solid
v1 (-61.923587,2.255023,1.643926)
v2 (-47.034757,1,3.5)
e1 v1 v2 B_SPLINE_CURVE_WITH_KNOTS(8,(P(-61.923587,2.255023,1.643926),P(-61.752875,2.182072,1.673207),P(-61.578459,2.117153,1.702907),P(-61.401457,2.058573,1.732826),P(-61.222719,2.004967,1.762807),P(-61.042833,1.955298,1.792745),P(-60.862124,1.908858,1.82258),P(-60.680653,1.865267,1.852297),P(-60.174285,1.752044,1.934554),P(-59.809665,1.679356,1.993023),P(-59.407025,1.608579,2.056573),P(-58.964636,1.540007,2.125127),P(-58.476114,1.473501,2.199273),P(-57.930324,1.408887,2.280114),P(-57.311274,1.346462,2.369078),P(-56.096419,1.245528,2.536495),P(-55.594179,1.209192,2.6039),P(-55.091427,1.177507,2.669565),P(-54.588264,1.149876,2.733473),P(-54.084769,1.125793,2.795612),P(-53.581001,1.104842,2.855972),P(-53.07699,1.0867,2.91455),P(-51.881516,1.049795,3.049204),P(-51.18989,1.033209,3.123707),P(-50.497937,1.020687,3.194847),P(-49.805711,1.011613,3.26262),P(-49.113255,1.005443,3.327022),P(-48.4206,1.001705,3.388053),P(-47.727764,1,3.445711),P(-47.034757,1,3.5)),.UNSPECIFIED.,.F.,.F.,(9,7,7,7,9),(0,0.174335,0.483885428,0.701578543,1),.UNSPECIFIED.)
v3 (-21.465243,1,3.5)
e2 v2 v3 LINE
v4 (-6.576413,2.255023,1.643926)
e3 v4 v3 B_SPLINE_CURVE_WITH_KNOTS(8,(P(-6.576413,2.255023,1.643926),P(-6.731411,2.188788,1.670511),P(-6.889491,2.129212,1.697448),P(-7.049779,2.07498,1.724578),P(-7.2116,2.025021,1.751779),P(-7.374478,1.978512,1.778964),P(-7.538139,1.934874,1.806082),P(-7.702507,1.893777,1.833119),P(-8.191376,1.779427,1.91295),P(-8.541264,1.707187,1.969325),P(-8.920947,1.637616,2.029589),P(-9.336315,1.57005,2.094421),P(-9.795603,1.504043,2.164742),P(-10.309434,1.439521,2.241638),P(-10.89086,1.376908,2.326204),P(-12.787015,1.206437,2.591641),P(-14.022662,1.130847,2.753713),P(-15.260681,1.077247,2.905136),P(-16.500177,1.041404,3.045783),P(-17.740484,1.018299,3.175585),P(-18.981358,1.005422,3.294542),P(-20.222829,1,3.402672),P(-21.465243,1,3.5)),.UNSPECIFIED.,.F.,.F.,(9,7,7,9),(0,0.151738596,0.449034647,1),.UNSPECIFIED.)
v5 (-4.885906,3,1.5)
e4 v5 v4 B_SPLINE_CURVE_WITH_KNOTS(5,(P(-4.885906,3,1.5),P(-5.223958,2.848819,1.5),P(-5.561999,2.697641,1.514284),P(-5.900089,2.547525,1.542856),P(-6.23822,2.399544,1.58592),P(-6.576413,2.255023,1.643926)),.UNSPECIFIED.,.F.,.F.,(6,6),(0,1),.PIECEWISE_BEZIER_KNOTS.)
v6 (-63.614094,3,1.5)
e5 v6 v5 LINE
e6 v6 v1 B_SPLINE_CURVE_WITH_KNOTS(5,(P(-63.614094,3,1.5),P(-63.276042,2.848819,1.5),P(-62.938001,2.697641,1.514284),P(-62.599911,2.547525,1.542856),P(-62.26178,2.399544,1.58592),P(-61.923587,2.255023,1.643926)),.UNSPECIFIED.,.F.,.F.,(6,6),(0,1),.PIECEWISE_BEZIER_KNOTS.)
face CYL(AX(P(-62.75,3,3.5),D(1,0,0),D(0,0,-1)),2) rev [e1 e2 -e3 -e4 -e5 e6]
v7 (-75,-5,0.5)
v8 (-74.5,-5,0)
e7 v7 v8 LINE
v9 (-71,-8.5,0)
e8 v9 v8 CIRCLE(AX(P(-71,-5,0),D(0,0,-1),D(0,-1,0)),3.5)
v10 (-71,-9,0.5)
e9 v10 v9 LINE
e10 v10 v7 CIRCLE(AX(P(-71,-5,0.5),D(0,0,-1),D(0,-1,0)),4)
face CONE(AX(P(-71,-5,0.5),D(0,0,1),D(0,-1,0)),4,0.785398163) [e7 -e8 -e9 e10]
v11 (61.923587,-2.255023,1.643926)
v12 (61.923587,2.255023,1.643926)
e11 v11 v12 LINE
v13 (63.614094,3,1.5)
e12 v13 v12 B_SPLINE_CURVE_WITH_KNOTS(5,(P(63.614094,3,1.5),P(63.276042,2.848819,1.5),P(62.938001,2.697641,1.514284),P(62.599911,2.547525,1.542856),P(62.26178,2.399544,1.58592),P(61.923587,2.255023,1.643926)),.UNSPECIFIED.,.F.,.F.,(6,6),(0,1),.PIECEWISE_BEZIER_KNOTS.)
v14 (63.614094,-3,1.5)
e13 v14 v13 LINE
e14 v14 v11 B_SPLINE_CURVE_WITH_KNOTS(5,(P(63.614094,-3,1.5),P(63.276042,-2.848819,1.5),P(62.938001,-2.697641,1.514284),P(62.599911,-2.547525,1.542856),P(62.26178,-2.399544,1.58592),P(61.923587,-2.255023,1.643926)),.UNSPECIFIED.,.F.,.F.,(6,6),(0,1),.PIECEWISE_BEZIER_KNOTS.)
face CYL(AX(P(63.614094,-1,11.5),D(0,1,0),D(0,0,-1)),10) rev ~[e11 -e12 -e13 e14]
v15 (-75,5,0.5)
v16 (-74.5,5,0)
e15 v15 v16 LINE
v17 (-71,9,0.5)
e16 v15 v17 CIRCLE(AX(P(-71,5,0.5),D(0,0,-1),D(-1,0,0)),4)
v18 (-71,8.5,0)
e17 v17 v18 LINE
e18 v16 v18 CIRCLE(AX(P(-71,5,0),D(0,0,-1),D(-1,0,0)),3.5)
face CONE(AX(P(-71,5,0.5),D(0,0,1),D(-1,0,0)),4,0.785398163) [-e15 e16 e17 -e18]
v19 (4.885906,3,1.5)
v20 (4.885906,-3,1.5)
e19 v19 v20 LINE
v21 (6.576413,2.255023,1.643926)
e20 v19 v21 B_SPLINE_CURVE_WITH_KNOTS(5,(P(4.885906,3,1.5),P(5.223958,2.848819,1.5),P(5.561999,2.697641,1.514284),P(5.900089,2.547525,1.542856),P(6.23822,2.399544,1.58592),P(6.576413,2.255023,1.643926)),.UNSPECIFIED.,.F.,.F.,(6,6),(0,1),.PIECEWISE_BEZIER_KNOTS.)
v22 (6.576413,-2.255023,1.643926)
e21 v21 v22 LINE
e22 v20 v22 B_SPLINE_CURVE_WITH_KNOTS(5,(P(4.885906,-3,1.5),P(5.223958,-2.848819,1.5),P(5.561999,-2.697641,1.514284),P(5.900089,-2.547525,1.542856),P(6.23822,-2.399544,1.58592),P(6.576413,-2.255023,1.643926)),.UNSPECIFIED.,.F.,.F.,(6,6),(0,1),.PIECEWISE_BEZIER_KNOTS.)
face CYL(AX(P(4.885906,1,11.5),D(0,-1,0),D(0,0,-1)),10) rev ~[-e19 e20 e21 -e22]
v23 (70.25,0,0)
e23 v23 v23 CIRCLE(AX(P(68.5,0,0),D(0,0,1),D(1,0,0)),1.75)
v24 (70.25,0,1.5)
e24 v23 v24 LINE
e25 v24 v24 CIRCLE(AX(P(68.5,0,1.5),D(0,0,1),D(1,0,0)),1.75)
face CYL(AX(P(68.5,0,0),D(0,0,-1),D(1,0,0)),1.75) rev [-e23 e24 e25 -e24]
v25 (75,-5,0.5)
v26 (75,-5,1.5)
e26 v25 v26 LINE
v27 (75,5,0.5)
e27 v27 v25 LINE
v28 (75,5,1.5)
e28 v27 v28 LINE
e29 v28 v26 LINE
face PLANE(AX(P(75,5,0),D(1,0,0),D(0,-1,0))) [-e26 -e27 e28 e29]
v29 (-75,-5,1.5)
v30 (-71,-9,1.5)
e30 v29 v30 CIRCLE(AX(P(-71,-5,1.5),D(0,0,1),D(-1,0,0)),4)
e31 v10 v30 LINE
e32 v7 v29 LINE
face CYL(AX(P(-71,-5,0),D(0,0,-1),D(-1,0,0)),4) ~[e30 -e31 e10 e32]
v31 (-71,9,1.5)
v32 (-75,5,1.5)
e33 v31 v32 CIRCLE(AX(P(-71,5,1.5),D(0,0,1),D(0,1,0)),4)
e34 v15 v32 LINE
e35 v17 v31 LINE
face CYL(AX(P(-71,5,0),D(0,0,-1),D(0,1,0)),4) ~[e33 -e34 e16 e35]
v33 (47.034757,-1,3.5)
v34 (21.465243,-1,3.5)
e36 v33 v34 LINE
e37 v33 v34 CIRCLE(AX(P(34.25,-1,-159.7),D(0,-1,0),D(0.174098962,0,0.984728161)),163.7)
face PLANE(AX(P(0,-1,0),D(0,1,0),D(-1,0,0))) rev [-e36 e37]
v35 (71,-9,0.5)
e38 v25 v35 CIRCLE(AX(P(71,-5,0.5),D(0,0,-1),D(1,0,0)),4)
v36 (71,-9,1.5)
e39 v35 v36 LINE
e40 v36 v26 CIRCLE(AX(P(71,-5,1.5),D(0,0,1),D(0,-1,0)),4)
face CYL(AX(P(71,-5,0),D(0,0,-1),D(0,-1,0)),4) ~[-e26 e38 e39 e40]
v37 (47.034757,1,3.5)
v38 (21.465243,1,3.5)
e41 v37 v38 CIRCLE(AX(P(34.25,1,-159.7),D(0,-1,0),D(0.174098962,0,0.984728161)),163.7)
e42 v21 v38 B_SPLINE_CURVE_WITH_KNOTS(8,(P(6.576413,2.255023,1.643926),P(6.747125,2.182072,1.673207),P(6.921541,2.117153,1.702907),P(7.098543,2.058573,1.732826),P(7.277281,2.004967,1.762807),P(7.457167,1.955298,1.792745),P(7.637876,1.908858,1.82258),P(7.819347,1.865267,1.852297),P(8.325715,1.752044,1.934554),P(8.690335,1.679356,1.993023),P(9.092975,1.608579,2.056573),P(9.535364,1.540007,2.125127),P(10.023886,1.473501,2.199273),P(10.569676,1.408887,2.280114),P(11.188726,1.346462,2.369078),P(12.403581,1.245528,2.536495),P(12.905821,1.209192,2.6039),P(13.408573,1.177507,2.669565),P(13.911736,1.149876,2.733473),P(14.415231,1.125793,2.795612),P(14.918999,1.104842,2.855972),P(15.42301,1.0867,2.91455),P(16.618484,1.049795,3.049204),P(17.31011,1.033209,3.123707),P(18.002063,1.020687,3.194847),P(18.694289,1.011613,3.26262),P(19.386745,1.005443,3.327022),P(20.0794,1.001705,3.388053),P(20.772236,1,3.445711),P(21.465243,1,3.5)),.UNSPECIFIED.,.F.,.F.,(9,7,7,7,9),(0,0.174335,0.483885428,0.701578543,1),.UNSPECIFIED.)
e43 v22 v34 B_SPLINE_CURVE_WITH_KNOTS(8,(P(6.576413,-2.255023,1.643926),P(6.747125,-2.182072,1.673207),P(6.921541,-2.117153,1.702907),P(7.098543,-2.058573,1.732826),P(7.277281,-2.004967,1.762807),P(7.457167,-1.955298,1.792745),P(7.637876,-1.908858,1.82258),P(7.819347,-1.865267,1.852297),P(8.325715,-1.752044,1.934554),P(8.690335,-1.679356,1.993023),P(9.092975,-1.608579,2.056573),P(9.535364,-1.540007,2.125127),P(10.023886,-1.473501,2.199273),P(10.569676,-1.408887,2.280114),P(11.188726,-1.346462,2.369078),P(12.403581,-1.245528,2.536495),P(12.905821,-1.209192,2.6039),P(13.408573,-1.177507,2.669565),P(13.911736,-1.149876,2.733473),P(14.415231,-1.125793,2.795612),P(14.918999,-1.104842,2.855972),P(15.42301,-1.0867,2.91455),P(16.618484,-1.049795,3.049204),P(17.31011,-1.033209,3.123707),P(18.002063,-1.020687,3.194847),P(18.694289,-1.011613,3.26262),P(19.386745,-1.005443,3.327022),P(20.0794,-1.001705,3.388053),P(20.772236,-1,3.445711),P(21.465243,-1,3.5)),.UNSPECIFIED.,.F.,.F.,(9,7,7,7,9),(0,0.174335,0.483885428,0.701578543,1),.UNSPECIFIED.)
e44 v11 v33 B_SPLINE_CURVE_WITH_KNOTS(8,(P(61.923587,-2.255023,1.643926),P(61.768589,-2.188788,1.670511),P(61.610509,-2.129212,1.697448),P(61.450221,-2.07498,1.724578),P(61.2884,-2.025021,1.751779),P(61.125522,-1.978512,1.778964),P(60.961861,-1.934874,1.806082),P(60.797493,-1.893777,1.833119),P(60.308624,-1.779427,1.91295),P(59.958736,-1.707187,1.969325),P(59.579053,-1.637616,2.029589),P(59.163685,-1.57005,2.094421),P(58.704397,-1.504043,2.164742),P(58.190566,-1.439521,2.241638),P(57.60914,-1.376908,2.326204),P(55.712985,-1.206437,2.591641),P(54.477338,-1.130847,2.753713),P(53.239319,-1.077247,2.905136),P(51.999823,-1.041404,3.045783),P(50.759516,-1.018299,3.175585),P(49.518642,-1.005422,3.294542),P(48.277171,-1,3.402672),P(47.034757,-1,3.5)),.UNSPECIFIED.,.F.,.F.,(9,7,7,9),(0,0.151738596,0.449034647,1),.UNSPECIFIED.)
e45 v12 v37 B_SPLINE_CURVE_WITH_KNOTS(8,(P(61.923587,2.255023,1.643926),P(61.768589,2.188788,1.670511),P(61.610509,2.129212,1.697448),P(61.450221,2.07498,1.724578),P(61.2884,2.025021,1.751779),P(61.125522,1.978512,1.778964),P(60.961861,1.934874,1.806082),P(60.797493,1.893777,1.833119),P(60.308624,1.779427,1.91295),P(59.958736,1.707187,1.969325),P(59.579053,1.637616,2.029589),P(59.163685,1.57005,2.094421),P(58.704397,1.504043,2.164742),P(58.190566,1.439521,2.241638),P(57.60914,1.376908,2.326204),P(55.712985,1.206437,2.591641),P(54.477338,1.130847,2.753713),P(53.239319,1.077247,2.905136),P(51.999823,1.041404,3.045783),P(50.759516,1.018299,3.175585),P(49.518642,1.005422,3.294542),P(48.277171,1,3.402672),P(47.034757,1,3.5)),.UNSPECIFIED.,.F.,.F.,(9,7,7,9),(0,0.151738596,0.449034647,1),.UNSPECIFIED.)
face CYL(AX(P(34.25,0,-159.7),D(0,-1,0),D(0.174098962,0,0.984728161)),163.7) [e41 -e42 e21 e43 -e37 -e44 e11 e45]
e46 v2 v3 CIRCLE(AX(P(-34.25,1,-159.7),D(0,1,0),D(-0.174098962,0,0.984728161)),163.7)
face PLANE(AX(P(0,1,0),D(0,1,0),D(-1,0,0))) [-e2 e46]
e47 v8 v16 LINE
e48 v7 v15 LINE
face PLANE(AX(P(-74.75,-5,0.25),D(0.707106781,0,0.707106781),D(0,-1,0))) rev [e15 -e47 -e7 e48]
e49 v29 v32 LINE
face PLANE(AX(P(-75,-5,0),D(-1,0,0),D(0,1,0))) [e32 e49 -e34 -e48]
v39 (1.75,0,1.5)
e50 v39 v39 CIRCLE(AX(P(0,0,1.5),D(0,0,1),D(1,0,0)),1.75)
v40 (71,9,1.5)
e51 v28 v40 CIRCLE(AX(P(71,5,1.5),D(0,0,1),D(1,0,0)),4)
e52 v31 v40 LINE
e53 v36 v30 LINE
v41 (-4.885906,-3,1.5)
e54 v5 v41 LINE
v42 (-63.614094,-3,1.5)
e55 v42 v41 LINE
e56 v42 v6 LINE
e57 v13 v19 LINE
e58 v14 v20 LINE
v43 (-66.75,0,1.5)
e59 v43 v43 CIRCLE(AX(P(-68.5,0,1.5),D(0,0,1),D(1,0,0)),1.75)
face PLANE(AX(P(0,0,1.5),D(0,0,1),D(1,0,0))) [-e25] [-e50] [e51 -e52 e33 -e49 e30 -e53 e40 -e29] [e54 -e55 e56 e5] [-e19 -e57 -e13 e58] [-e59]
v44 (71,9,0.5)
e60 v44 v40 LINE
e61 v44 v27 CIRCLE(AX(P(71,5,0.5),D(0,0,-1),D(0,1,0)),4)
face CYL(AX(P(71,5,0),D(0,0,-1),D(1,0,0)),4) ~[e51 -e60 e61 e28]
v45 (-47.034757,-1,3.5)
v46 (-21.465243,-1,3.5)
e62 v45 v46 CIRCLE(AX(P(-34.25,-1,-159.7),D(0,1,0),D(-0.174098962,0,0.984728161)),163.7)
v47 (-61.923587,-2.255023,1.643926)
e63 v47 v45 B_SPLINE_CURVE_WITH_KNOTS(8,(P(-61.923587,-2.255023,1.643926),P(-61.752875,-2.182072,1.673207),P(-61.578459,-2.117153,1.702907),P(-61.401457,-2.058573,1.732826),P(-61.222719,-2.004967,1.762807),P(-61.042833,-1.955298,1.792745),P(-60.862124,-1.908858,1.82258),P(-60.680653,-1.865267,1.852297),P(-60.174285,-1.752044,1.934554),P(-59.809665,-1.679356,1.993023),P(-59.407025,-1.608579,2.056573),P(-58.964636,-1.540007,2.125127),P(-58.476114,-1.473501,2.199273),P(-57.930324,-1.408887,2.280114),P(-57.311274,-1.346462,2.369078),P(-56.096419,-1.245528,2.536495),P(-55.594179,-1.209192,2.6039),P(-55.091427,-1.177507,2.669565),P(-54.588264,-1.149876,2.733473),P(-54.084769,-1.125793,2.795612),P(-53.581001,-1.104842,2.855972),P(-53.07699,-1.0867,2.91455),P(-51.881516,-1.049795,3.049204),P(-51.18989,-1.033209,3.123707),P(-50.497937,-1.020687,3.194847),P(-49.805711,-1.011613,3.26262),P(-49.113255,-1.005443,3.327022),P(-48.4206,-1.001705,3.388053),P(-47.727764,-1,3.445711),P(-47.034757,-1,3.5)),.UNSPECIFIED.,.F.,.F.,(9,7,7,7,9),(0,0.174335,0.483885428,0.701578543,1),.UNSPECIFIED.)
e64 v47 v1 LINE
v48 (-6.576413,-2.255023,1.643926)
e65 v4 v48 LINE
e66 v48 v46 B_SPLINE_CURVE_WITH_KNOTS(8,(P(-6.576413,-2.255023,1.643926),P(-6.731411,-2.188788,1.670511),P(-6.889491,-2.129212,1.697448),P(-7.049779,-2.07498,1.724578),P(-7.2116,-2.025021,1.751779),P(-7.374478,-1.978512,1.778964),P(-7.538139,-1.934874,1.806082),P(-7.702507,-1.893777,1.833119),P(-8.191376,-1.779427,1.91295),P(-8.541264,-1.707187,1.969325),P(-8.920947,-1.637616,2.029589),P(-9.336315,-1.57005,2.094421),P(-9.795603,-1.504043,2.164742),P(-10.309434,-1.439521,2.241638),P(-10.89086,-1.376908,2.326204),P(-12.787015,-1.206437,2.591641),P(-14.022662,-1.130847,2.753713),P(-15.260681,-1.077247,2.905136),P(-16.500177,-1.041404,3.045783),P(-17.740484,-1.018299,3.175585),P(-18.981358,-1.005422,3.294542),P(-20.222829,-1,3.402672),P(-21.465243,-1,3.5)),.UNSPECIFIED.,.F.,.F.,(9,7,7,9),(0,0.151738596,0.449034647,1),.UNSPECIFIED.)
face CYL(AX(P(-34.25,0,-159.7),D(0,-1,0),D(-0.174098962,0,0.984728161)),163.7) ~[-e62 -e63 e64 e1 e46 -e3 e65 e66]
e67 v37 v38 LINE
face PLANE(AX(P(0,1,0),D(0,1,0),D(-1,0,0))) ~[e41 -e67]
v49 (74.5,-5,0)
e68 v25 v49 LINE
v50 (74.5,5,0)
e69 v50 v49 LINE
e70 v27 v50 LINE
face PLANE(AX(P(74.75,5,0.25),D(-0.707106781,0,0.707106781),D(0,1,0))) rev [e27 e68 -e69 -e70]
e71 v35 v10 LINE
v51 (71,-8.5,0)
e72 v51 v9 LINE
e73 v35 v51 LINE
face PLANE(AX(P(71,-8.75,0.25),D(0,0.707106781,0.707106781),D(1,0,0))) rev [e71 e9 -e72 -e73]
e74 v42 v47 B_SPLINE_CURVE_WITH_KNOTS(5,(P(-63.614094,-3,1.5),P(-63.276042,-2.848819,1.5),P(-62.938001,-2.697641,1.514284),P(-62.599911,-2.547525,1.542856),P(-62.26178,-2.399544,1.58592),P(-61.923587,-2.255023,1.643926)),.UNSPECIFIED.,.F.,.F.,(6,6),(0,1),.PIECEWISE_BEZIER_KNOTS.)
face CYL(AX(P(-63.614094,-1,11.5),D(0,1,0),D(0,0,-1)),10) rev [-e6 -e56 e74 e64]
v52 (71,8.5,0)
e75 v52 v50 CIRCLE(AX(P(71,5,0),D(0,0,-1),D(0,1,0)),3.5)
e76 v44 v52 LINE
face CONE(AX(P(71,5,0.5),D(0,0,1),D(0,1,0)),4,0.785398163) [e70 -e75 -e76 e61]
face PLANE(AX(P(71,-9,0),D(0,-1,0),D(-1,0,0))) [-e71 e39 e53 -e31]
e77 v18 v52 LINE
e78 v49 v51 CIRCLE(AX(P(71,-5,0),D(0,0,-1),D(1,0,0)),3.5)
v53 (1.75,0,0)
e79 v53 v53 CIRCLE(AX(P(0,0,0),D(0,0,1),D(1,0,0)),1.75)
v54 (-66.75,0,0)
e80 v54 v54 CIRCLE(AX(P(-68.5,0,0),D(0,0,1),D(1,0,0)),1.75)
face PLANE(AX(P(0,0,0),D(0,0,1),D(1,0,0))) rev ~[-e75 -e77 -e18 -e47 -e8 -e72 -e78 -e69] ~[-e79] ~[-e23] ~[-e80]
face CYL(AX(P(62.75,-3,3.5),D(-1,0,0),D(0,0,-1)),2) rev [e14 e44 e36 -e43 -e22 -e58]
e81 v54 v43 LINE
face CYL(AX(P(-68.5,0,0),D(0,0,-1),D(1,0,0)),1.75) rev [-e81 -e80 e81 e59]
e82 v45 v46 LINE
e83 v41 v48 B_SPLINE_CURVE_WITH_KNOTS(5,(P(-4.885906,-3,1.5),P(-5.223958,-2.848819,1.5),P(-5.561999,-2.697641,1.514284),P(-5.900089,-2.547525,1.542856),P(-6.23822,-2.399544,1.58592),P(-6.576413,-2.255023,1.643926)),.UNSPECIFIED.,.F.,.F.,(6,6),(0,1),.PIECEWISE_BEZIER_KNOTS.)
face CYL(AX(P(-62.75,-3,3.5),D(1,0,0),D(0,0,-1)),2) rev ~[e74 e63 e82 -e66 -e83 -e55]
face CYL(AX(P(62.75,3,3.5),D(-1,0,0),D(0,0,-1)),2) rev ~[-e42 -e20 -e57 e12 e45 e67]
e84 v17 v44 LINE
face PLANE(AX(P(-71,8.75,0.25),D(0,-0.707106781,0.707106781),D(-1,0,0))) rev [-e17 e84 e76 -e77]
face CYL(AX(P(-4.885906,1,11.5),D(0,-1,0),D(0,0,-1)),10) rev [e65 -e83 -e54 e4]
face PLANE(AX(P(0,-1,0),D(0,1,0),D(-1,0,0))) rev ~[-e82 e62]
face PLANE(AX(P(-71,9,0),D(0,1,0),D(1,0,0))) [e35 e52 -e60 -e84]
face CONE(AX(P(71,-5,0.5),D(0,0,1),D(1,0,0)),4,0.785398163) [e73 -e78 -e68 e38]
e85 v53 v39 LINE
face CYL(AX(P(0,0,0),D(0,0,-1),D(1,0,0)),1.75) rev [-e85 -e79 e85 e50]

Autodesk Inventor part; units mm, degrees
ref_plane "YZ Plane" through (0, 0, 0) normal (1, 0, 0) x (0, 1, 0)
ref_plane "XZ Plane" through (0, 0, 0) normal (0, 1, 0) x (-1, 0, 0)
ref_plane "XY Plane" through (0, 0, 0) normal (0, 0, 1) x (1, 0, 0)
sketch "Sketch1" plane through (0, 0, 0) normal (0, 0, 1) x (1, 0, 0)
  line L0 (71, -9) -> (-71, -9)
  line L1 (-75, -5) -> (-75, 5)
  line L2 (-71, 9) -> (71, 9)
  line L3 (75, 5) -> (75, -5)
  line L4 (75, -9) -> (-75, 9) construction
  line L5 (-75, -9) -> (75, 9) construction
  arc A0 (-71, 9) -> (-75, 5) centre (-71, 5) ccw
  arc A1 (-75, -5) -> (-71, -9) centre (-71, -5) ccw
  arc A2 (75, 5) -> (71, 9) centre (71, 5) ccw
  arc A3 (71, -9) -> (75, -5) centre (71, -5) ccw
  circle A4 centre (0, 0) radius 1.75
  line L6 (-75, 0) -> (-68.5, 0) construction
  line L7 (75, 0) -> (68.5, 0) construction
  circle A5 centre (-68.5, 0) radius 1.75
  circle A6 centre (68.5, 0) radius 1.75
  dimension "d0" = 4
  dimension "d2" = 150
  dimension "d3" = 18
  dimension "d4" = 3.5
  dimension "d5" = 6.5
  dimension "d6" = 6.5
extrude "Extrusion1" add sketch "Sketch1" along normal blind 1.5
sketch "Sketch2" plane through (0, 0, 0) normal (0, 1, 0) x (-1, 0, 0)
  line L0 (71, 1.5) -> (-71, 1.5) projected
  arc A0 (62.75, 1.5) -> (5.75, 1.5) centre (34.25, -159.7) ccw
  line L1 (-1.75, 1.5) -> (1.75, 1.5) projected
  line L2 (0, 1.5) -> (0, 8.4786) construction
  line L3 (66.75, 1.5) -> (70.25, 1.5) projected
  line L4 (66.75, 1.5) -> (62.75, 1.5) construction
  line L5 (5.75, 1.5) -> (1.75, 1.5) construction
  line L6 (1.75, 1.5) -> (1.75, 0) projected
  line L7 (46.1417, 4) -> (24.4242, 4) construction
  point P0 (0, 0)
  dimension "d9" = 4
  dimension "d10" = 2.5
extrude "Extrusion2" add sketch "Sketch2" along normal mid plane 2
fillet "Fillet1" radius 2 2 edges at (-34.25, -1, 1.5) (-34.25, 1, 1.5)
fillet "Fillet1" radius 10 2 edges at (-62.75, 0, 1.5) (-5.75, 0, 1.5)
mirror "Mirror1" about plane through (0, 0, 0) normal (1, 0, 0) of "Extrusion2", "Fillet1"
chamfer "Chamfer1" distance 0.5 angle 45 8 edges at (0, -9, 0) (73.8284, -7.8284, 0) (75, 0, 0) (73.8284, 7.8284, 0) (0, 9, 0) (-73.8284, 7.8284, 0) (-75, 0, 0) (-73.8284, -7.8284, 0)
properties part number "LEDLid"
